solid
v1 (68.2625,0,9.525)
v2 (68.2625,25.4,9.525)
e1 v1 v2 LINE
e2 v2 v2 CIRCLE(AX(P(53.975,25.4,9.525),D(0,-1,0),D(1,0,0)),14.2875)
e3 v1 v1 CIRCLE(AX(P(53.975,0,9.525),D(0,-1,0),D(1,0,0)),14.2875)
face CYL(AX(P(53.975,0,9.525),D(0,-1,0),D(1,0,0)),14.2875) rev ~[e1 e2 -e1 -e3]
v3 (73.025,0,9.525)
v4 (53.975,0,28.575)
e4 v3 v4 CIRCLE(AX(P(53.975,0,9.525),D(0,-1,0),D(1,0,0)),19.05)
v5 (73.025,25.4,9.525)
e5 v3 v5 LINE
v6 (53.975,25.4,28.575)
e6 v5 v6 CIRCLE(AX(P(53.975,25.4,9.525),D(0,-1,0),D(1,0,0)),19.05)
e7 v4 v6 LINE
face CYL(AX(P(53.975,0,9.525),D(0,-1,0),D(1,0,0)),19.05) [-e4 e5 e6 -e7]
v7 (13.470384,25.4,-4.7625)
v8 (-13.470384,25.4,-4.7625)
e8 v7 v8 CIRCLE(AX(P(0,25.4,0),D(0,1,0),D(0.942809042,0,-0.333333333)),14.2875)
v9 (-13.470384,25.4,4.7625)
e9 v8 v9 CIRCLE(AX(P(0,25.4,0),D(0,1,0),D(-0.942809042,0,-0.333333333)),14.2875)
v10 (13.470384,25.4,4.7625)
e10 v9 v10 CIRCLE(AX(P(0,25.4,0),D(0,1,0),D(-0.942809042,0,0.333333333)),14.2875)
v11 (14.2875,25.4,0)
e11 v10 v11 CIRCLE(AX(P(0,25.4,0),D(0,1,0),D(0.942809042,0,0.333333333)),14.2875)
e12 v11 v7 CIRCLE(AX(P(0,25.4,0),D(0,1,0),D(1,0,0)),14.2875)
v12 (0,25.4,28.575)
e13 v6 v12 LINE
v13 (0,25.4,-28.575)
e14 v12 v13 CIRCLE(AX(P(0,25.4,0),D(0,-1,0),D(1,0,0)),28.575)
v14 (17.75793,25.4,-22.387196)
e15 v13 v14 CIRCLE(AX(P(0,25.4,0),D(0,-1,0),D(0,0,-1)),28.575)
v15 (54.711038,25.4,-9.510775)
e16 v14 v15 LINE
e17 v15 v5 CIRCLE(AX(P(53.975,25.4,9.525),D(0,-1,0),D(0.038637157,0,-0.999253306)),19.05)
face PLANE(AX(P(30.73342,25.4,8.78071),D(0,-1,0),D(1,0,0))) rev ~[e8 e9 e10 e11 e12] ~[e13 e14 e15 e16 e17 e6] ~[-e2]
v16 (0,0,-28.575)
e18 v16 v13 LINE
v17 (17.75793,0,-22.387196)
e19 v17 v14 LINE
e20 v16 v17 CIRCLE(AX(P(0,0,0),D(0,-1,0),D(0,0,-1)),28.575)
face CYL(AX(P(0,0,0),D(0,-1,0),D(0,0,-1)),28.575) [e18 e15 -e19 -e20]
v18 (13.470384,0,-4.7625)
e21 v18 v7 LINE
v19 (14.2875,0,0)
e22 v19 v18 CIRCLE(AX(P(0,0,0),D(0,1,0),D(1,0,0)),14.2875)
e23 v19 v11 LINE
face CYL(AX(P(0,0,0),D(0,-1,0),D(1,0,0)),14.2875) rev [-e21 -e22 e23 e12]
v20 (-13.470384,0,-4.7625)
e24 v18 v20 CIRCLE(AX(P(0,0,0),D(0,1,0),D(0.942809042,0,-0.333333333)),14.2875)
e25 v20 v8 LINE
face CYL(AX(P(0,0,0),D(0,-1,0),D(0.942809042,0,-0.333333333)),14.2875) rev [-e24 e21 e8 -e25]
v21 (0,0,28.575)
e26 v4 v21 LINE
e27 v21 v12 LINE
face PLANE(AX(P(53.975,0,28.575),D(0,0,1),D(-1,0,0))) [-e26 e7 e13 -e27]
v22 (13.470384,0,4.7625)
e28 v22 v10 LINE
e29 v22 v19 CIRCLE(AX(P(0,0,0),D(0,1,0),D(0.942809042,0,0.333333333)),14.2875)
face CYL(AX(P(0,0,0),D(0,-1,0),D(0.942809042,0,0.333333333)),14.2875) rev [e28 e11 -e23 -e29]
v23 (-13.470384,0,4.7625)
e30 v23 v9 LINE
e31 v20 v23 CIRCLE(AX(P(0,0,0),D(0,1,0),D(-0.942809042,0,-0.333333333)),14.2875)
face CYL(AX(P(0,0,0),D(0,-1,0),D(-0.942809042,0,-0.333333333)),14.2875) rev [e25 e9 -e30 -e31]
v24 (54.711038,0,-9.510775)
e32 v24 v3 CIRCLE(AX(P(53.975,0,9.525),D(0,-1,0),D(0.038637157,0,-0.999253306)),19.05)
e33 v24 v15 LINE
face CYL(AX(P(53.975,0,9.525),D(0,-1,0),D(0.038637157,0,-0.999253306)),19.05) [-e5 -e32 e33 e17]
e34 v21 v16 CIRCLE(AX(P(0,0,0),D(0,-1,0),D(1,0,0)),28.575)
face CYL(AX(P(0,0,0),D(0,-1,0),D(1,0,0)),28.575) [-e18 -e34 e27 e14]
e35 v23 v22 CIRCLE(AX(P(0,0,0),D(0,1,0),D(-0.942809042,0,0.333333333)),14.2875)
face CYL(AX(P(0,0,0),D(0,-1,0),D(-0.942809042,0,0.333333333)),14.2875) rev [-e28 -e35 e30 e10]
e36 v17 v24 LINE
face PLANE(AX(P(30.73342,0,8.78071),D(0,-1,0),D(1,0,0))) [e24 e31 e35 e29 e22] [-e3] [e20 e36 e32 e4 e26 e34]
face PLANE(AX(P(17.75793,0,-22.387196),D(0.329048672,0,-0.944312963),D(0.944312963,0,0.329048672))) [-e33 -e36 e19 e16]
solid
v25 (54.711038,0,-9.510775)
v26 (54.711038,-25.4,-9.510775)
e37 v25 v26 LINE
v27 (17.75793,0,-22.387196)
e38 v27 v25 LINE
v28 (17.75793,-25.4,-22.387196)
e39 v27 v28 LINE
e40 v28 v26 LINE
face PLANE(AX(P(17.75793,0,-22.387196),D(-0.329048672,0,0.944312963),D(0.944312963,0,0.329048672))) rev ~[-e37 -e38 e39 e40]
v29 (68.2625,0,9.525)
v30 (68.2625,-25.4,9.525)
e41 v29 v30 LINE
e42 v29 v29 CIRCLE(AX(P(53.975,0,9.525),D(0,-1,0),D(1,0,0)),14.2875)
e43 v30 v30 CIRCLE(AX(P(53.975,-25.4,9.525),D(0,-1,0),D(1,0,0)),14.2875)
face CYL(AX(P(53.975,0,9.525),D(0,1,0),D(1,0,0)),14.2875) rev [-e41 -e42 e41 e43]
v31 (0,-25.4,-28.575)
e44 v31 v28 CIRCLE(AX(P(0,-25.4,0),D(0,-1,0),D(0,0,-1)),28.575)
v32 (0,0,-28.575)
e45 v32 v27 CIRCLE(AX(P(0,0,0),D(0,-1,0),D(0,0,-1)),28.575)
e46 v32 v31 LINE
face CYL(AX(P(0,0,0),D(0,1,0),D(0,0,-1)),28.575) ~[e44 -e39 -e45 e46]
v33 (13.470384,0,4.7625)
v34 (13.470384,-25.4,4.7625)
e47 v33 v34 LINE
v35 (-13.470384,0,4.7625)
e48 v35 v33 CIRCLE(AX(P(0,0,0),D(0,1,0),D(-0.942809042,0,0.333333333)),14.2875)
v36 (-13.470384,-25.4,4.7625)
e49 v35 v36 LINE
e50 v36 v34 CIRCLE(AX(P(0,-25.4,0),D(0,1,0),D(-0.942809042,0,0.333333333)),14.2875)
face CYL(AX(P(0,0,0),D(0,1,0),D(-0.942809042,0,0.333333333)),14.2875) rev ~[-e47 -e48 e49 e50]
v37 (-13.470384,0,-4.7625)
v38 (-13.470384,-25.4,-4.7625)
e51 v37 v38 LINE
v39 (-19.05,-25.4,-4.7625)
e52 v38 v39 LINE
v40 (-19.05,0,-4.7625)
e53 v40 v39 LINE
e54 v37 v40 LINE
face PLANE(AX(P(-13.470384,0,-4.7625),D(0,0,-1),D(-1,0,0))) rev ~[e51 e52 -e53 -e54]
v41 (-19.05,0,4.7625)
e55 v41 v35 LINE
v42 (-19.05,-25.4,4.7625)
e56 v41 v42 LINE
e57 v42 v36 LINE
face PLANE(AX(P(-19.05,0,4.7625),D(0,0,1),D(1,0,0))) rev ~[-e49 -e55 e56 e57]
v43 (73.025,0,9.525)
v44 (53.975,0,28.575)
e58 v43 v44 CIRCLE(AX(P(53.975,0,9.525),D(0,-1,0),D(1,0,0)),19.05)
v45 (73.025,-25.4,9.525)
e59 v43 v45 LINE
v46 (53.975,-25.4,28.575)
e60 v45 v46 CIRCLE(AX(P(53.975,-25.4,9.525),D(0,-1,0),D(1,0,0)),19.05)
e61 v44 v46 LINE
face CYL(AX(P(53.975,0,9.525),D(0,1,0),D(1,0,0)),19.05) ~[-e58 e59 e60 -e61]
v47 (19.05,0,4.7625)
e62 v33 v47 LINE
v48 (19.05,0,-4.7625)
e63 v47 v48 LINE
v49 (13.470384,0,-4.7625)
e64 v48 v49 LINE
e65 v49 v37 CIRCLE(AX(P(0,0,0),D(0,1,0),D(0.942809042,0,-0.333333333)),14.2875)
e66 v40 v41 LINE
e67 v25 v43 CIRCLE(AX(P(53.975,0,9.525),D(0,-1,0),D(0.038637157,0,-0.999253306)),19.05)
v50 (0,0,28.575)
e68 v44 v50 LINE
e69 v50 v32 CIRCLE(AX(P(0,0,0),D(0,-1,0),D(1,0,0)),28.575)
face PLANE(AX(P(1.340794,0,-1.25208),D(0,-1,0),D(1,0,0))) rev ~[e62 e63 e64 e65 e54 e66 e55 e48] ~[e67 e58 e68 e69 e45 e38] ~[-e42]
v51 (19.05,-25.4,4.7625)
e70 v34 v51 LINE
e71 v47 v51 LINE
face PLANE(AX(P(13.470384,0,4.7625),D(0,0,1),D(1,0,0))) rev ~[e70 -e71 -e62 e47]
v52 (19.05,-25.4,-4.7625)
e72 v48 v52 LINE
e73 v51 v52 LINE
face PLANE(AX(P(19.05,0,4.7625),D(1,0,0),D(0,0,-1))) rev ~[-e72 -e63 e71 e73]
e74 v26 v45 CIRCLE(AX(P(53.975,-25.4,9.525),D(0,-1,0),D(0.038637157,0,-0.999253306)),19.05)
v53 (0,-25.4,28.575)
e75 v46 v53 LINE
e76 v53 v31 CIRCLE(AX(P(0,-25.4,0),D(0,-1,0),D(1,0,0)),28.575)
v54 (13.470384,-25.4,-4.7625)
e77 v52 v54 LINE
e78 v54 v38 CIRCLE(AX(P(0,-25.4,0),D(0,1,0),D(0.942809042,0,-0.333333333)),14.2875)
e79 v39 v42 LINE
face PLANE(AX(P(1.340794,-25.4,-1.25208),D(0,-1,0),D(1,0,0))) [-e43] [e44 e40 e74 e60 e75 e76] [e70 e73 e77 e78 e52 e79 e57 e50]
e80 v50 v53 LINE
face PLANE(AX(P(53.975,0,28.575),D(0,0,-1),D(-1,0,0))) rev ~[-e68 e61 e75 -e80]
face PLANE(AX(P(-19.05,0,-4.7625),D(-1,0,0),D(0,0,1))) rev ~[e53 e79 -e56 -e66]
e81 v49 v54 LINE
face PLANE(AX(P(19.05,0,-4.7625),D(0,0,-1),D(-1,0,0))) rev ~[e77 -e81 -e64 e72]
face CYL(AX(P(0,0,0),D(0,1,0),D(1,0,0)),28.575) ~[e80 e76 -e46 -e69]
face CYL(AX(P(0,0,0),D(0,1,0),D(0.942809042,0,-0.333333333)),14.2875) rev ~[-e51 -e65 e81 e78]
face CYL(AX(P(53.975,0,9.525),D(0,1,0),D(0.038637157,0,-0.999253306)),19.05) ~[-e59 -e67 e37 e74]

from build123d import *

# Parameters (mm, degrees)
F0_R     = 14.2875
F1_DEPTH = 25.4
F2_DEPTH = 25.4


with BuildPart() as f1:
    # F0 (on Front) → F1 (new body)
    with BuildSketch(Plane.XZ):
        with BuildLine():
            ThreePointArc((0, 28.575), (20.2055762724, 20.2055762724), (28.575, 0))
            ThreePointArc((28.575, 0), (25.7290056285, -12.431769559), (17.7579295281, -22.3871964273))
            Line((17.7579295281, -22.3871964273), (54.7110378477, -9.5107754842))
            ThreePointArc((54.7110378477, -9.5107754842), (34.9285564609, 9.1569123575), (53.975, 28.575))
            Line((53.975, 28.575), (0, 28.575))
        make_face()
        with BuildLine():
            ThreePointArc((17.7579295281, -22.3871964273), (25.7290056285, -12.431769559), (28.575, 0))
            ThreePointArc((28.575, 0), (20.2055762724, 20.2055762724), (0, 28.575))
            ThreePointArc((0, 28.575), (-28.575, 0), (0, -28.575))
            Line((0, -28.575), (17.7579295281, -22.3871964273))
        make_face()
        with BuildLine():
            ThreePointArc((-13.4703841816, 4.7625), (0, 14.2875), (13.4703841816, 4.7625))
            Line((13.4703841816, 4.7625), (19.05, 4.7625))
            Line((19.05, 4.7625), (19.05, -4.7625))
            Line((19.05, -4.7625), (13.4703841816, -4.7625))
            ThreePointArc((13.4703841816, -4.7625), (0, -14.2875), (-13.4703841816, -4.7625))
            Line((-13.4703841816, -4.7625), (-19.05, -4.7625))
            Line((-19.05, -4.7625), (-19.05, 4.7625))
            Line((-19.05, 4.7625), (-13.4703841816, 4.7625))
        make_face(mode=Mode.SUBTRACT)
        with BuildLine():
            ThreePointArc((73.025, 9.525), (67.4453841816, 22.9953841816), (53.975, 28.575))
            ThreePointArc((53.975, 28.575), (34.9285564609, 9.1569123575), (54.7110378477, -9.5107754842))
            ThreePointArc((54.7110378477, -9.5107754842), (67.703146652, -3.6825921159), (73.025, 9.525))
        make_face()
        with Locations((53.975, 9.525)):
            Circle(F0_R, mode=Mode.SUBTRACT)
        with BuildLine():
            ThreePointArc((13.4703841816, 4.7625), (14.081739421, 2.416044521), (14.2875, 0))
            ThreePointArc((14.2875, 0), (14.081739421, -2.416044521), (13.4703841816, -4.7625))
            Line((13.4703841816, -4.7625), (19.05, -4.7625))
            Line((19.05, -4.7625), (19.05, 4.7625))
            Line((19.05, 4.7625), (13.4703841816, 4.7625))
        make_face()
        with BuildLine():
            ThreePointArc((-13.4703841816, -4.7625), (-14.2875, 0), (-13.4703841816, 4.7625))
            Line((-13.4703841816, 4.7625), (-19.05, 4.7625))
            Line((-19.05, 4.7625), (-19.05, -4.7625))
            Line((-19.05, -4.7625), (-13.4703841816, -4.7625))
        make_face()
        with BuildLine():
            ThreePointArc((0, -28.575), (9.4025657958, -26.9837429104), (17.7579295281, -22.3871964273))
            Line((17.7579295281, -22.3871964273), (0, -28.575))
        make_face()
    extrude(amount=-F1_DEPTH)


with BuildPart() as f2:
    # F0 (on Front) → F2 (new body)
    with BuildSketch(Plane.XZ):
        with BuildLine():
            ThreePointArc((17.7579295281, -22.3871964273), (25.7290056285, -12.431769559), (28.575, 0))
            ThreePointArc((28.575, 0), (20.2055762724, 20.2055762724), (0, 28.575))
            ThreePointArc((0, 28.575), (-28.575, 0), (0, -28.575))
            Line((0, -28.575), (17.7579295281, -22.3871964273))
        make_face()
        with BuildLine():
            ThreePointArc((-13.4703841816, 4.7625), (0, 14.2875), (13.4703841816, 4.7625))
            Line((13.4703841816, 4.7625), (19.05, 4.7625))
            Line((19.05, 4.7625), (19.05, -4.7625))
            Line((19.05, -4.7625), (13.4703841816, -4.7625))
            ThreePointArc((13.4703841816, -4.7625), (0, -14.2875), (-13.4703841816, -4.7625))
            Line((-13.4703841816, -4.7625), (-19.05, -4.7625))
            Line((-19.05, -4.7625), (-19.05, 4.7625))
            Line((-19.05, 4.7625), (-13.4703841816, 4.7625))
        make_face(mode=Mode.SUBTRACT)
        with BuildLine():
            ThreePointArc((0, 28.575), (20.2055762724, 20.2055762724), (28.575, 0))
            ThreePointArc((28.575, 0), (25.7290056285, -12.431769559), (17.7579295281, -22.3871964273))
            Line((17.7579295281, -22.3871964273), (54.7110378477, -9.5107754842))
            ThreePointArc((54.7110378477, -9.5107754842), (34.9285564609, 9.1569123575), (53.975, 28.575))
            Line((53.975, 28.575), (0, 28.575))
        make_face()
        with BuildLine():
            ThreePointArc((0, -28.575), (9.4025657958, -26.9837429104), (17.7579295281, -22.3871964273))
            Line((17.7579295281, -22.3871964273), (0, -28.575))
        make_face()
        with BuildLine():
            ThreePointArc((73.025, 9.525), (67.4453841816, 22.9953841816), (53.975, 28.575))
            ThreePointArc((53.975, 28.575), (34.9285564609, 9.1569123575), (54.7110378477, -9.5107754842))
            ThreePointArc((54.7110378477, -9.5107754842), (67.703146652, -3.6825921159), (73.025, 9.525))
        make_face()
        with Locations((53.975, 9.525)):
            Circle(F0_R, mode=Mode.SUBTRACT)
    extrude(amount=F2_DEPTH)


solid = Compound([f1.part, f2.part])
